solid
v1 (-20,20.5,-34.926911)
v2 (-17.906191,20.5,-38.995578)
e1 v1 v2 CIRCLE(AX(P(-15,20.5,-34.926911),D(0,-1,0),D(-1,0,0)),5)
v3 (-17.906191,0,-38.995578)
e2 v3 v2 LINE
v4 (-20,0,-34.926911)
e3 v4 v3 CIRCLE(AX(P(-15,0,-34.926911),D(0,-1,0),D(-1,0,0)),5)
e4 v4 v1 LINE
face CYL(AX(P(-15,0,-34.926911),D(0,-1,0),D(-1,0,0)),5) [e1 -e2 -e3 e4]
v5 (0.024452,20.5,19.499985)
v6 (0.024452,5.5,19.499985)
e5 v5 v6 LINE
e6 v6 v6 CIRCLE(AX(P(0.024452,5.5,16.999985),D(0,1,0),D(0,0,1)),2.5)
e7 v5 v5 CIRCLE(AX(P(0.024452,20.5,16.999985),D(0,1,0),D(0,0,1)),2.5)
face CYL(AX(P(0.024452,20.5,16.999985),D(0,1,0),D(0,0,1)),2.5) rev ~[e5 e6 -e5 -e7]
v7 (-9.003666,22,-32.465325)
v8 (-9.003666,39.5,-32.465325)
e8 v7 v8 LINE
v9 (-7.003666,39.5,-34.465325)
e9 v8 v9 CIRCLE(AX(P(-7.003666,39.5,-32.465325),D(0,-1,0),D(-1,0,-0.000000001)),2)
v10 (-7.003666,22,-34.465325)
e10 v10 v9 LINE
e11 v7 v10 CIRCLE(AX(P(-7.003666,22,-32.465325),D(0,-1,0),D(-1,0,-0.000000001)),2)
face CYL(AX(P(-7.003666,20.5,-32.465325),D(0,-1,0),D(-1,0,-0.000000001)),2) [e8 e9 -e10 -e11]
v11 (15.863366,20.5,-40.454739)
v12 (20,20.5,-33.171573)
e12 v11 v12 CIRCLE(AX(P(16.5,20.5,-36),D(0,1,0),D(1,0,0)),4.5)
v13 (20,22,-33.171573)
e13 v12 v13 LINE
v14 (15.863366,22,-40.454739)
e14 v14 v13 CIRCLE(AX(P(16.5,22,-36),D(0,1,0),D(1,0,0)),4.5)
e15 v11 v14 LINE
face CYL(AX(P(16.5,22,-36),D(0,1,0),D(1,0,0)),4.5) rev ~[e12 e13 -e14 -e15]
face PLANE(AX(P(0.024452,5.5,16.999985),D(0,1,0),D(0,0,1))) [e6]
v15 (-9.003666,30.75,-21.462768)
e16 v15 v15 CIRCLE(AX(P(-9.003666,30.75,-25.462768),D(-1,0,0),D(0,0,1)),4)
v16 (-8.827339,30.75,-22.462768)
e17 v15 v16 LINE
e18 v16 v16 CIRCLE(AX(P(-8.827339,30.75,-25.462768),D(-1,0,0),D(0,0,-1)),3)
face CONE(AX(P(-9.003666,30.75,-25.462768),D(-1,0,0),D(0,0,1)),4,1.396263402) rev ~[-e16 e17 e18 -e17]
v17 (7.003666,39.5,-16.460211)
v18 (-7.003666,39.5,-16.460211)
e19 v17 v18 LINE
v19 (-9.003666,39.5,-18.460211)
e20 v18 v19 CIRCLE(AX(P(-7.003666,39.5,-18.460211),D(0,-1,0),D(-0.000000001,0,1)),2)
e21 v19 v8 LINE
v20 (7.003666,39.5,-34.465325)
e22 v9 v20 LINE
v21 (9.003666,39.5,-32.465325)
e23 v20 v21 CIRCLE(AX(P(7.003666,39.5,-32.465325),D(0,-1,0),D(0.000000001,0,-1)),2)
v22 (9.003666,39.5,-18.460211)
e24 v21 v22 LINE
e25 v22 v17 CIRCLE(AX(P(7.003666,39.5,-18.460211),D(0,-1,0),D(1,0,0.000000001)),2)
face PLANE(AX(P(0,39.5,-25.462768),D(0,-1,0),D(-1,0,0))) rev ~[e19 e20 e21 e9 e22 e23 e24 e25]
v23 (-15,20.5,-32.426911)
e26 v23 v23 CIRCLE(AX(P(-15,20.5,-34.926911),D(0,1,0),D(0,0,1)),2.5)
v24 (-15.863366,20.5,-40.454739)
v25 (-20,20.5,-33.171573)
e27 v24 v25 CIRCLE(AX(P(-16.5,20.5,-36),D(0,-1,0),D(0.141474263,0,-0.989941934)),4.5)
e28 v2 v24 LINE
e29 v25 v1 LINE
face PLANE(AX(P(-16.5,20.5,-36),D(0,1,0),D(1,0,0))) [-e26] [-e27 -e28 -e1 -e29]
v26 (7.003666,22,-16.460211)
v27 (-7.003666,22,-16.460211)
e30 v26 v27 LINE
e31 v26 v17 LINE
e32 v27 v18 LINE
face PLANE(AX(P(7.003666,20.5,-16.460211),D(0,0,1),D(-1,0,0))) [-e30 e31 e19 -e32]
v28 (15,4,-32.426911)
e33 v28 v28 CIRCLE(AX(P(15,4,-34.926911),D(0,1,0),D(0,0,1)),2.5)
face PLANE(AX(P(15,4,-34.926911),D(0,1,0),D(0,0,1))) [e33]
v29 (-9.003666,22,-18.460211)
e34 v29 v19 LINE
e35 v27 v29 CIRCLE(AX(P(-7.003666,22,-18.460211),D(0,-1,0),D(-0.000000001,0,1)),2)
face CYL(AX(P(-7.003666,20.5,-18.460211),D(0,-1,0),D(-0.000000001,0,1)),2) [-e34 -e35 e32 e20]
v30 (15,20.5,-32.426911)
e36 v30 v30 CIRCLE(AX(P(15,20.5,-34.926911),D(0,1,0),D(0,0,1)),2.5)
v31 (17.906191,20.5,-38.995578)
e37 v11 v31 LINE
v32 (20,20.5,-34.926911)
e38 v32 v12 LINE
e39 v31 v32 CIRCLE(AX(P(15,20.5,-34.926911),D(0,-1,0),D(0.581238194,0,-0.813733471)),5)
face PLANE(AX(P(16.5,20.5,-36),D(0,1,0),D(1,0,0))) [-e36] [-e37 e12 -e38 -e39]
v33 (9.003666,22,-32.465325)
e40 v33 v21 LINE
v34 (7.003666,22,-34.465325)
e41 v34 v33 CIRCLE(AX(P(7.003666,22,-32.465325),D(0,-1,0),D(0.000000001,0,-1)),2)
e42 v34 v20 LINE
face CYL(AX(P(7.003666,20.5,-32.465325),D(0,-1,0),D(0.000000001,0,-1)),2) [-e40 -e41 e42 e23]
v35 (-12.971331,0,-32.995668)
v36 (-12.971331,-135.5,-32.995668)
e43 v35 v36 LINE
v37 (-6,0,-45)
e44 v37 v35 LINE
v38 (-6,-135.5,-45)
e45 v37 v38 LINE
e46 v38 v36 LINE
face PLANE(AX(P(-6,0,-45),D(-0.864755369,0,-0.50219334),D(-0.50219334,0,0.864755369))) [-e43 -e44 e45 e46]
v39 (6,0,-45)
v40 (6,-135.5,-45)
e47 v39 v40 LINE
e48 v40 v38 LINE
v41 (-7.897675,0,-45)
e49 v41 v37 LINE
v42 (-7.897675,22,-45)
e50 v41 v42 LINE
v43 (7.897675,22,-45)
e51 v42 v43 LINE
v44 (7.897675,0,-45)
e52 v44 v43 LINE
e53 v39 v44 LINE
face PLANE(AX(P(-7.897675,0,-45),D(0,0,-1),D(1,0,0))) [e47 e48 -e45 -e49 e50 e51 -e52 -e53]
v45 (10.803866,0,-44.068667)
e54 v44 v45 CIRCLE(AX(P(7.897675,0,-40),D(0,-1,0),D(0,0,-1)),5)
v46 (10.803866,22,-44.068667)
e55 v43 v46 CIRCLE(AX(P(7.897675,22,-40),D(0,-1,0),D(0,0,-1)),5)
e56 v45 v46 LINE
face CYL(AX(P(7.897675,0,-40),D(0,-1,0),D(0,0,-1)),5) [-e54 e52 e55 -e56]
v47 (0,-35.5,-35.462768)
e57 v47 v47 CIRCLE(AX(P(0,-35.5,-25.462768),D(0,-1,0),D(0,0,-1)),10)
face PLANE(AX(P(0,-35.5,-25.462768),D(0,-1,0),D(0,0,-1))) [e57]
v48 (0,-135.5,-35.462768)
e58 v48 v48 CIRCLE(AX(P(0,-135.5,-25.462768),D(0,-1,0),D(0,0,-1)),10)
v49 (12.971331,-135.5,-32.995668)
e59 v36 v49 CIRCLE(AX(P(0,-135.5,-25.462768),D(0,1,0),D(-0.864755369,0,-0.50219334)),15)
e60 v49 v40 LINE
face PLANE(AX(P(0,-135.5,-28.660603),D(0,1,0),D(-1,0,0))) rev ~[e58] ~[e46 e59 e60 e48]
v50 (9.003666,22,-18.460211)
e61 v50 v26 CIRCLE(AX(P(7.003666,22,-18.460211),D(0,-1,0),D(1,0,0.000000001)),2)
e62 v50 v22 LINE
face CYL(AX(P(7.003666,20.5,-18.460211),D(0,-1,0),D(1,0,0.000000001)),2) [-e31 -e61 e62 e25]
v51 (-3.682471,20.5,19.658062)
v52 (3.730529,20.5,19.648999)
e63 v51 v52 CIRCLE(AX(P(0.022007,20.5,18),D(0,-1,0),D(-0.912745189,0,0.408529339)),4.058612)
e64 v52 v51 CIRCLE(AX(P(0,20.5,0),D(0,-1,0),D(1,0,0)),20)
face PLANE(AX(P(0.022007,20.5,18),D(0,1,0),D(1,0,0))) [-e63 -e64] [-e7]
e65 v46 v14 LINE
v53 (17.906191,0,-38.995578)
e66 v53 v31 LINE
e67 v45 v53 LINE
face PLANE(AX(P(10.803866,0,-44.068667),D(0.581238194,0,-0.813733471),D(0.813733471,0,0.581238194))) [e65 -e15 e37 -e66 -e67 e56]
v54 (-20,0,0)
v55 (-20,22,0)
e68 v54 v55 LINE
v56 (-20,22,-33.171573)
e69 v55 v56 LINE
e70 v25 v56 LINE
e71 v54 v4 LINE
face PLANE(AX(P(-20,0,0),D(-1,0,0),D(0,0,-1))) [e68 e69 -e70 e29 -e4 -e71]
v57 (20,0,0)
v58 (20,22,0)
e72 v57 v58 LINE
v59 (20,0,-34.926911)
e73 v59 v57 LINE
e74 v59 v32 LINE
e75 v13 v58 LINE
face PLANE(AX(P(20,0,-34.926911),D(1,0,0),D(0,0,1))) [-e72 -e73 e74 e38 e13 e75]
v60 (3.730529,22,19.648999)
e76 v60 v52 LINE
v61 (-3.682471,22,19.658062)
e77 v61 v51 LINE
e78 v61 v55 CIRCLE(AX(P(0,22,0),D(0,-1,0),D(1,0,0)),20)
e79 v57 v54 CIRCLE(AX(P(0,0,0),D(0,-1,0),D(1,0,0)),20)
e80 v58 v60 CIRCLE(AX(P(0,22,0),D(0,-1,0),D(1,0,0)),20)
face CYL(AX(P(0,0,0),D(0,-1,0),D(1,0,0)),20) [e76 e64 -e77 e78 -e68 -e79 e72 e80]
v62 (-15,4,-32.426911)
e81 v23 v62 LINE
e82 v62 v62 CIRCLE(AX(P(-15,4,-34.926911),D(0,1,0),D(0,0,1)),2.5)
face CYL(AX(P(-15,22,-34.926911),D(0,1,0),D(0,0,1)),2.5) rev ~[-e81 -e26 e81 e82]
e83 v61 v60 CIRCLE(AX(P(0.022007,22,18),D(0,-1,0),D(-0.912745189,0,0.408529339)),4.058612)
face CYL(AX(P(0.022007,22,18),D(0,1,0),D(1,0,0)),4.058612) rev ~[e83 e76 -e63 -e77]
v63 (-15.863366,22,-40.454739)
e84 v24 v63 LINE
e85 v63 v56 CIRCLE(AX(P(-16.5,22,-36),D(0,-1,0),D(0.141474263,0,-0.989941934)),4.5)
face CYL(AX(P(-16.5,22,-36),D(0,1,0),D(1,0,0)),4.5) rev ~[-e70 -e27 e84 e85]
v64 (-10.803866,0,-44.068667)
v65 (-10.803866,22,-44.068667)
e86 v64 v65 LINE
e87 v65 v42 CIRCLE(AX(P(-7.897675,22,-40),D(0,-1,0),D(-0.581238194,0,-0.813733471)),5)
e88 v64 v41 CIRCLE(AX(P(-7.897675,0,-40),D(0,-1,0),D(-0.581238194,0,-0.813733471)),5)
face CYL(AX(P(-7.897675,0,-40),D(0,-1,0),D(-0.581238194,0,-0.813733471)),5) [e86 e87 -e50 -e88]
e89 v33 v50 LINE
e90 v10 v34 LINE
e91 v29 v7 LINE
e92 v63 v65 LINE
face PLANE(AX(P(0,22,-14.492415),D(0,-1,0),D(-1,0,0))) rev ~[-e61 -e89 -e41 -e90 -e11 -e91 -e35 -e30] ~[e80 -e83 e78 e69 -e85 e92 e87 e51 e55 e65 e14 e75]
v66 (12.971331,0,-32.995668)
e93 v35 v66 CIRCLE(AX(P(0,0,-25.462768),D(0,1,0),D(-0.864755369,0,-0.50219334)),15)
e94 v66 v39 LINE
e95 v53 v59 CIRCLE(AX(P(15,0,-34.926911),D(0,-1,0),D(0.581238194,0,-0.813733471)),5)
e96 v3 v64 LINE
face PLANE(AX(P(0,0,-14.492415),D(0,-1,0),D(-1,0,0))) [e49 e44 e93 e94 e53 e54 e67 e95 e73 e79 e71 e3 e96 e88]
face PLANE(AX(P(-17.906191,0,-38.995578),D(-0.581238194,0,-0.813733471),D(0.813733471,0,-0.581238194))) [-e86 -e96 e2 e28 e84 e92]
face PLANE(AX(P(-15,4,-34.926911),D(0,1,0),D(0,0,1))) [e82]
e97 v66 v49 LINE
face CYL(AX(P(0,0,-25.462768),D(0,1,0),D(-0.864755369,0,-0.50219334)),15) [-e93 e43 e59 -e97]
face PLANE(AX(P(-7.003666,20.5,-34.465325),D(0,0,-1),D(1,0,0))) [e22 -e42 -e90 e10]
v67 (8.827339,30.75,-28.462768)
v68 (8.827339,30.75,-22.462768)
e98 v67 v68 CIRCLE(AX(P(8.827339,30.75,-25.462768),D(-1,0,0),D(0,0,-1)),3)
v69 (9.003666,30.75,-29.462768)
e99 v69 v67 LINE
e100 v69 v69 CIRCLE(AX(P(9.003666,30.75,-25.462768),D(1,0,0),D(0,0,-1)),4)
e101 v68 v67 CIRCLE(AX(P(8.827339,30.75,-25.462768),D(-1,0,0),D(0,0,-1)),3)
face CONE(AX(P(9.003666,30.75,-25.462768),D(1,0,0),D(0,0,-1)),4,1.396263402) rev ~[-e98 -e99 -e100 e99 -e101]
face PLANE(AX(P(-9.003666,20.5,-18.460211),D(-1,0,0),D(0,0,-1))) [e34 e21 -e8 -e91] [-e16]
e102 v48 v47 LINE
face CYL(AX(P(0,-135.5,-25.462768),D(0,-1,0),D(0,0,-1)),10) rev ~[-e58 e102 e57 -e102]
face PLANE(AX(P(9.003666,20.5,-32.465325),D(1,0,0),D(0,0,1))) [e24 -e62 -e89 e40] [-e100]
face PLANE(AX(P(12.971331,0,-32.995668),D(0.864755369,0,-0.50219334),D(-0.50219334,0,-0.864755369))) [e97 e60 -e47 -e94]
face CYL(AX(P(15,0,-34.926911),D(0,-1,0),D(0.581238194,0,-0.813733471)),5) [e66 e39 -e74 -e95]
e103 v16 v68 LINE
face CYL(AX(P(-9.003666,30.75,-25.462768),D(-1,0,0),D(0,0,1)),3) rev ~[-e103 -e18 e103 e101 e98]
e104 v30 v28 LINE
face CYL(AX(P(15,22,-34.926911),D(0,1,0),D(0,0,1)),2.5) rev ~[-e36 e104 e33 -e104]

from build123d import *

# Parameters (mm, degrees)
SALIENTE_EXTRUIR1_DEPTH = 22
CROQUIS3_R              = 4.5
CROQUIS3_R_2            = 2.5
CORTAR_EXTRUIR2_DEPTH   = 1.5
CROQUIS4_R              = 2.5
CORTAR_EXTRUIR3_DEPTH   = 18
CROQUIS5_R              = 4.05861195
CORTAR_EXTRUIR4_DEPTH   = 1.5
CROQUIS6_R              = 2.5
CORTAR_EXTRUIR5_DEPTH   = 15
SALIENTE_EXTRUIR2_DEPTH = 19
CROQUIS8_R              = 3
CORTAR_EXTRUIR7_DEPTH   = 19
CROQUIS9_R              = 4
CORTAR_EXTRUIR10_DEPTH  = 0.5
CORTAR_EXTRUIR10_DRAFT  = -80
CROQUIS10_R             = 4
CORTAR_EXTRUIR11_DEPTH  = 0.5
CORTAR_EXTRUIR11_DRAFT  = -80
SALIENTE_EXTRUIR3_DEPTH = 135.5
CROQUIS12_R             = 10
CORTAR_EXTRUIR12_DEPTH  = 100


with BuildPart() as part:
    # Croquis2 → Saliente-Extruir1 (new body)
    with BuildSketch(Plane(origin=(0, 0, 0), x_dir=(1, 0, 0), z_dir=(0, 1, 0))):
        with BuildLine():
            Line((-17.906190969, 38.99557788), (-10.803865702, 44.068667356))
            ThreePointArc((-10.803865702, 44.068667356), (-9.423561888, 44.761477543), (-7.897674733, 45))
            Line((-7.897674733, 45), (7.897674733, 45))
            ThreePointArc((7.897674733, 45), (9.423561888, 44.761477543), (10.803865702, 44.068667356))
            Line((10.803865702, 44.068667356), (17.906190969, 38.99557788))
            ThreePointArc((17.906190969, 38.99557788), (19.445838214, 37.214818428), (20, 34.926910524))
            Line((20, 34.926910524), (20, 0))
            ThreePointArc((20, 0), (0, -20), (-20, 0))
            Line((-20, 0), (-20, 34.926910524))
            ThreePointArc((-20, 34.926910524), (-19.445838214, 37.214818428), (-17.906190969, 38.99557788))
        make_face()
    extrude(amount=SALIENTE_EXTRUIR1_DEPTH)

    # Croquis3 → Cortar-Extruir2 (cut)
    # profile 1 of 2: a face of its own
    with BuildSketch(Plane(origin=(0, 22, 0), x_dir=(1, 0, 0), z_dir=(0, 1, 0))):
        with Locations((-16.5, 36)):
            Circle(CROQUIS3_R)
        with Locations(Location((-15, 34.926910524, 0), (0, 0, 270))):
            Circle(CROQUIS3_R_2, mode=Mode.SUBTRACT)
    # profile 2 of 2: a face of its own
    with BuildSketch(Plane(origin=(0, 22, 0), x_dir=(1, 0, 0), z_dir=(0, 1, 0))):
        with Locations((16.5, 36)):
            Circle(CROQUIS3_R)
        with Locations(Location((15, 34.926910524, 0), (0, 0, 270))):
            Circle(CROQUIS3_R_2, mode=Mode.SUBTRACT)
    extrude(amount=-CORTAR_EXTRUIR2_DEPTH, mode=Mode.SUBTRACT)

    # Croquis4 → Cortar-Extruir3 (cut)
    with BuildSketch(Plane(origin=(0, 22, 0), x_dir=(1, 0, 0), z_dir=(0, 1, 0))):
        with Locations(Location((-15, 34.926910524, 0), (0, 0, 270))):
            Circle(CROQUIS4_R)
        with Locations(Location((15, 34.926910524, 0), (0, 0, 270))):
            Circle(CROQUIS4_R)
    extrude(amount=-CORTAR_EXTRUIR3_DEPTH, mode=Mode.SUBTRACT)

    # Croquis5 → Cortar-Extruir4 (cut)
    with BuildSketch(Plane(origin=(0, 22, 0), x_dir=(1, 0, 0), z_dir=(0, 1, 0))):
        with Locations((0.022007055, -18)):
            Circle(CROQUIS5_R)
    extrude(amount=-CORTAR_EXTRUIR4_DEPTH, mode=Mode.SUBTRACT)

    # Croquis6 → Cortar-Extruir5 (cut)
    with BuildSketch(Plane(origin=(0, 20.5, 0), x_dir=(1, 0, 0), z_dir=(0, 1, 0))):
        with Locations(Location((0.024452265, -16.999985052, 0), (0, 0, 270))):
            Circle(CROQUIS6_R)
    extrude(amount=-CORTAR_EXTRUIR5_DEPTH, mode=Mode.SUBTRACT)

    # Croquis7 → Saliente-Extruir2 (add)
    with BuildSketch(Plane(origin=(0, 20.5, 0), x_dir=(1, 0, 0), z_dir=(0, 1, 0))):
        with BuildLine():
            Line((7.003665578, 16.460210879), (-7.003665578, 16.460210879))
            ThreePointArc((-7.003665578, 16.460210879), (-8.41787914, 17.045997317), (-9.003665578, 18.460210879))
            Line((-9.003665578, 18.460210879), (-9.003665578, 32.465325191))
            ThreePointArc((-9.003665578, 32.465325191), (-8.41787914, 33.879538753), (-7.003665578, 34.465325191))
            Line((-7.003665578, 34.465325191), (7.003665578, 34.465325191))
            ThreePointArc((7.003665578, 34.465325191), (8.41787914, 33.879538753), (9.003665578, 32.465325191))
            Line((9.003665578, 32.465325191), (9.003665578, 18.460210879))
            ThreePointArc((9.003665578, 18.460210879), (8.41787914, 17.045997317), (7.003665578, 16.460210879))
        make_face()
    extrude(amount=SALIENTE_EXTRUIR2_DEPTH)

    # Croquis8 → Cortar-Extruir7 (cut)
    with BuildSketch(Plane.ZY.offset(9.003665578)):
        with Locations((-25.462768035, 30.75)):
            Circle(CROQUIS8_R)
    extrude(amount=-CORTAR_EXTRUIR7_DEPTH, mode=Mode.SUBTRACT)


with BuildPart() as cortar_extruir10_tool:
    # Croquis9 → Cortar-Extruir10 (with draft: the straight prism first)
    with BuildSketch(Plane.ZY.offset(9.003665578)):
        with Locations((-25.462768035, 30.75)):
            Circle(CROQUIS9_R)
    extrude(amount=-CORTAR_EXTRUIR10_DEPTH)
    # Cortar-Extruir10: the draft: its side faces are tilted about the plane it starts from
    cortar_extruir10_sides = [cortar_extruir10_tool.faces().sort_by_distance(p)[0] for p in [
        (-8.753665578, 30.75, -29.462768035),
    ]]
    draft(cortar_extruir10_sides, Plane.ZY.offset(9.003665578), CORTAR_EXTRUIR10_DRAFT)


with BuildPart() as part_1:
    add(part.part)

    # Cortar-Extruir10: cut by cortar_extruir10_tool
    add(cortar_extruir10_tool.part, mode=Mode.SUBTRACT)


with BuildPart() as cortar_extruir11_tool:
    # Croquis10 → Cortar-Extruir11 (with draft: the straight prism first)
    with BuildSketch(Plane(origin=(9.003665578, 0, 0), x_dir=(0, 0, -1), z_dir=(1, 0, 0))):
        with Locations((25.462768035, 30.75)):
            Circle(CROQUIS10_R)
    extrude(amount=-CORTAR_EXTRUIR11_DEPTH)
    # Cortar-Extruir11: the draft: its side faces are tilted about the plane it starts from
    cortar_extruir11_sides = [cortar_extruir11_tool.faces().sort_by_distance(p)[0] for p in [
        (8.753665578, 30.75, -21.462768035),
    ]]
    draft(cortar_extruir11_sides, Plane(origin=(9.003665578, 0, 0), x_dir=(0, 0, -1), z_dir=(1, 0, 0)), CORTAR_EXTRUIR11_DRAFT)


with BuildPart() as part_2:
    add(part_1.part)

    # Cortar-Extruir11: cut by cortar_extruir11_tool
    add(cortar_extruir11_tool.part, mode=Mode.SUBTRACT)

    # Croquis11 → Saliente-Extruir3 (add)
    with BuildSketch(Plane.XZ):
        with BuildLine():
            Line((-6, -45), (-12.97133054, -32.995668142))
            ThreePointArc((-12.97133054, -32.995668142), (0, -10.462768035), (12.97133054, -32.995668142))
            Line((12.97133054, -32.995668142), (6, -45))
            Line((6, -45), (-6, -45))
        make_face()
    extrude(amount=SALIENTE_EXTRUIR3_DEPTH)

    # Croquis12 → Cortar-Extruir12 (cut)
    with BuildSketch(Plane.XZ.offset(135.5)):
        with Locations(Location((0, -25.462768035, 0), (0, 0, 270))):
            Circle(CROQUIS12_R)
    extrude(amount=-CORTAR_EXTRUIR12_DEPTH, mode=Mode.SUBTRACT)


solid = part_2.part
